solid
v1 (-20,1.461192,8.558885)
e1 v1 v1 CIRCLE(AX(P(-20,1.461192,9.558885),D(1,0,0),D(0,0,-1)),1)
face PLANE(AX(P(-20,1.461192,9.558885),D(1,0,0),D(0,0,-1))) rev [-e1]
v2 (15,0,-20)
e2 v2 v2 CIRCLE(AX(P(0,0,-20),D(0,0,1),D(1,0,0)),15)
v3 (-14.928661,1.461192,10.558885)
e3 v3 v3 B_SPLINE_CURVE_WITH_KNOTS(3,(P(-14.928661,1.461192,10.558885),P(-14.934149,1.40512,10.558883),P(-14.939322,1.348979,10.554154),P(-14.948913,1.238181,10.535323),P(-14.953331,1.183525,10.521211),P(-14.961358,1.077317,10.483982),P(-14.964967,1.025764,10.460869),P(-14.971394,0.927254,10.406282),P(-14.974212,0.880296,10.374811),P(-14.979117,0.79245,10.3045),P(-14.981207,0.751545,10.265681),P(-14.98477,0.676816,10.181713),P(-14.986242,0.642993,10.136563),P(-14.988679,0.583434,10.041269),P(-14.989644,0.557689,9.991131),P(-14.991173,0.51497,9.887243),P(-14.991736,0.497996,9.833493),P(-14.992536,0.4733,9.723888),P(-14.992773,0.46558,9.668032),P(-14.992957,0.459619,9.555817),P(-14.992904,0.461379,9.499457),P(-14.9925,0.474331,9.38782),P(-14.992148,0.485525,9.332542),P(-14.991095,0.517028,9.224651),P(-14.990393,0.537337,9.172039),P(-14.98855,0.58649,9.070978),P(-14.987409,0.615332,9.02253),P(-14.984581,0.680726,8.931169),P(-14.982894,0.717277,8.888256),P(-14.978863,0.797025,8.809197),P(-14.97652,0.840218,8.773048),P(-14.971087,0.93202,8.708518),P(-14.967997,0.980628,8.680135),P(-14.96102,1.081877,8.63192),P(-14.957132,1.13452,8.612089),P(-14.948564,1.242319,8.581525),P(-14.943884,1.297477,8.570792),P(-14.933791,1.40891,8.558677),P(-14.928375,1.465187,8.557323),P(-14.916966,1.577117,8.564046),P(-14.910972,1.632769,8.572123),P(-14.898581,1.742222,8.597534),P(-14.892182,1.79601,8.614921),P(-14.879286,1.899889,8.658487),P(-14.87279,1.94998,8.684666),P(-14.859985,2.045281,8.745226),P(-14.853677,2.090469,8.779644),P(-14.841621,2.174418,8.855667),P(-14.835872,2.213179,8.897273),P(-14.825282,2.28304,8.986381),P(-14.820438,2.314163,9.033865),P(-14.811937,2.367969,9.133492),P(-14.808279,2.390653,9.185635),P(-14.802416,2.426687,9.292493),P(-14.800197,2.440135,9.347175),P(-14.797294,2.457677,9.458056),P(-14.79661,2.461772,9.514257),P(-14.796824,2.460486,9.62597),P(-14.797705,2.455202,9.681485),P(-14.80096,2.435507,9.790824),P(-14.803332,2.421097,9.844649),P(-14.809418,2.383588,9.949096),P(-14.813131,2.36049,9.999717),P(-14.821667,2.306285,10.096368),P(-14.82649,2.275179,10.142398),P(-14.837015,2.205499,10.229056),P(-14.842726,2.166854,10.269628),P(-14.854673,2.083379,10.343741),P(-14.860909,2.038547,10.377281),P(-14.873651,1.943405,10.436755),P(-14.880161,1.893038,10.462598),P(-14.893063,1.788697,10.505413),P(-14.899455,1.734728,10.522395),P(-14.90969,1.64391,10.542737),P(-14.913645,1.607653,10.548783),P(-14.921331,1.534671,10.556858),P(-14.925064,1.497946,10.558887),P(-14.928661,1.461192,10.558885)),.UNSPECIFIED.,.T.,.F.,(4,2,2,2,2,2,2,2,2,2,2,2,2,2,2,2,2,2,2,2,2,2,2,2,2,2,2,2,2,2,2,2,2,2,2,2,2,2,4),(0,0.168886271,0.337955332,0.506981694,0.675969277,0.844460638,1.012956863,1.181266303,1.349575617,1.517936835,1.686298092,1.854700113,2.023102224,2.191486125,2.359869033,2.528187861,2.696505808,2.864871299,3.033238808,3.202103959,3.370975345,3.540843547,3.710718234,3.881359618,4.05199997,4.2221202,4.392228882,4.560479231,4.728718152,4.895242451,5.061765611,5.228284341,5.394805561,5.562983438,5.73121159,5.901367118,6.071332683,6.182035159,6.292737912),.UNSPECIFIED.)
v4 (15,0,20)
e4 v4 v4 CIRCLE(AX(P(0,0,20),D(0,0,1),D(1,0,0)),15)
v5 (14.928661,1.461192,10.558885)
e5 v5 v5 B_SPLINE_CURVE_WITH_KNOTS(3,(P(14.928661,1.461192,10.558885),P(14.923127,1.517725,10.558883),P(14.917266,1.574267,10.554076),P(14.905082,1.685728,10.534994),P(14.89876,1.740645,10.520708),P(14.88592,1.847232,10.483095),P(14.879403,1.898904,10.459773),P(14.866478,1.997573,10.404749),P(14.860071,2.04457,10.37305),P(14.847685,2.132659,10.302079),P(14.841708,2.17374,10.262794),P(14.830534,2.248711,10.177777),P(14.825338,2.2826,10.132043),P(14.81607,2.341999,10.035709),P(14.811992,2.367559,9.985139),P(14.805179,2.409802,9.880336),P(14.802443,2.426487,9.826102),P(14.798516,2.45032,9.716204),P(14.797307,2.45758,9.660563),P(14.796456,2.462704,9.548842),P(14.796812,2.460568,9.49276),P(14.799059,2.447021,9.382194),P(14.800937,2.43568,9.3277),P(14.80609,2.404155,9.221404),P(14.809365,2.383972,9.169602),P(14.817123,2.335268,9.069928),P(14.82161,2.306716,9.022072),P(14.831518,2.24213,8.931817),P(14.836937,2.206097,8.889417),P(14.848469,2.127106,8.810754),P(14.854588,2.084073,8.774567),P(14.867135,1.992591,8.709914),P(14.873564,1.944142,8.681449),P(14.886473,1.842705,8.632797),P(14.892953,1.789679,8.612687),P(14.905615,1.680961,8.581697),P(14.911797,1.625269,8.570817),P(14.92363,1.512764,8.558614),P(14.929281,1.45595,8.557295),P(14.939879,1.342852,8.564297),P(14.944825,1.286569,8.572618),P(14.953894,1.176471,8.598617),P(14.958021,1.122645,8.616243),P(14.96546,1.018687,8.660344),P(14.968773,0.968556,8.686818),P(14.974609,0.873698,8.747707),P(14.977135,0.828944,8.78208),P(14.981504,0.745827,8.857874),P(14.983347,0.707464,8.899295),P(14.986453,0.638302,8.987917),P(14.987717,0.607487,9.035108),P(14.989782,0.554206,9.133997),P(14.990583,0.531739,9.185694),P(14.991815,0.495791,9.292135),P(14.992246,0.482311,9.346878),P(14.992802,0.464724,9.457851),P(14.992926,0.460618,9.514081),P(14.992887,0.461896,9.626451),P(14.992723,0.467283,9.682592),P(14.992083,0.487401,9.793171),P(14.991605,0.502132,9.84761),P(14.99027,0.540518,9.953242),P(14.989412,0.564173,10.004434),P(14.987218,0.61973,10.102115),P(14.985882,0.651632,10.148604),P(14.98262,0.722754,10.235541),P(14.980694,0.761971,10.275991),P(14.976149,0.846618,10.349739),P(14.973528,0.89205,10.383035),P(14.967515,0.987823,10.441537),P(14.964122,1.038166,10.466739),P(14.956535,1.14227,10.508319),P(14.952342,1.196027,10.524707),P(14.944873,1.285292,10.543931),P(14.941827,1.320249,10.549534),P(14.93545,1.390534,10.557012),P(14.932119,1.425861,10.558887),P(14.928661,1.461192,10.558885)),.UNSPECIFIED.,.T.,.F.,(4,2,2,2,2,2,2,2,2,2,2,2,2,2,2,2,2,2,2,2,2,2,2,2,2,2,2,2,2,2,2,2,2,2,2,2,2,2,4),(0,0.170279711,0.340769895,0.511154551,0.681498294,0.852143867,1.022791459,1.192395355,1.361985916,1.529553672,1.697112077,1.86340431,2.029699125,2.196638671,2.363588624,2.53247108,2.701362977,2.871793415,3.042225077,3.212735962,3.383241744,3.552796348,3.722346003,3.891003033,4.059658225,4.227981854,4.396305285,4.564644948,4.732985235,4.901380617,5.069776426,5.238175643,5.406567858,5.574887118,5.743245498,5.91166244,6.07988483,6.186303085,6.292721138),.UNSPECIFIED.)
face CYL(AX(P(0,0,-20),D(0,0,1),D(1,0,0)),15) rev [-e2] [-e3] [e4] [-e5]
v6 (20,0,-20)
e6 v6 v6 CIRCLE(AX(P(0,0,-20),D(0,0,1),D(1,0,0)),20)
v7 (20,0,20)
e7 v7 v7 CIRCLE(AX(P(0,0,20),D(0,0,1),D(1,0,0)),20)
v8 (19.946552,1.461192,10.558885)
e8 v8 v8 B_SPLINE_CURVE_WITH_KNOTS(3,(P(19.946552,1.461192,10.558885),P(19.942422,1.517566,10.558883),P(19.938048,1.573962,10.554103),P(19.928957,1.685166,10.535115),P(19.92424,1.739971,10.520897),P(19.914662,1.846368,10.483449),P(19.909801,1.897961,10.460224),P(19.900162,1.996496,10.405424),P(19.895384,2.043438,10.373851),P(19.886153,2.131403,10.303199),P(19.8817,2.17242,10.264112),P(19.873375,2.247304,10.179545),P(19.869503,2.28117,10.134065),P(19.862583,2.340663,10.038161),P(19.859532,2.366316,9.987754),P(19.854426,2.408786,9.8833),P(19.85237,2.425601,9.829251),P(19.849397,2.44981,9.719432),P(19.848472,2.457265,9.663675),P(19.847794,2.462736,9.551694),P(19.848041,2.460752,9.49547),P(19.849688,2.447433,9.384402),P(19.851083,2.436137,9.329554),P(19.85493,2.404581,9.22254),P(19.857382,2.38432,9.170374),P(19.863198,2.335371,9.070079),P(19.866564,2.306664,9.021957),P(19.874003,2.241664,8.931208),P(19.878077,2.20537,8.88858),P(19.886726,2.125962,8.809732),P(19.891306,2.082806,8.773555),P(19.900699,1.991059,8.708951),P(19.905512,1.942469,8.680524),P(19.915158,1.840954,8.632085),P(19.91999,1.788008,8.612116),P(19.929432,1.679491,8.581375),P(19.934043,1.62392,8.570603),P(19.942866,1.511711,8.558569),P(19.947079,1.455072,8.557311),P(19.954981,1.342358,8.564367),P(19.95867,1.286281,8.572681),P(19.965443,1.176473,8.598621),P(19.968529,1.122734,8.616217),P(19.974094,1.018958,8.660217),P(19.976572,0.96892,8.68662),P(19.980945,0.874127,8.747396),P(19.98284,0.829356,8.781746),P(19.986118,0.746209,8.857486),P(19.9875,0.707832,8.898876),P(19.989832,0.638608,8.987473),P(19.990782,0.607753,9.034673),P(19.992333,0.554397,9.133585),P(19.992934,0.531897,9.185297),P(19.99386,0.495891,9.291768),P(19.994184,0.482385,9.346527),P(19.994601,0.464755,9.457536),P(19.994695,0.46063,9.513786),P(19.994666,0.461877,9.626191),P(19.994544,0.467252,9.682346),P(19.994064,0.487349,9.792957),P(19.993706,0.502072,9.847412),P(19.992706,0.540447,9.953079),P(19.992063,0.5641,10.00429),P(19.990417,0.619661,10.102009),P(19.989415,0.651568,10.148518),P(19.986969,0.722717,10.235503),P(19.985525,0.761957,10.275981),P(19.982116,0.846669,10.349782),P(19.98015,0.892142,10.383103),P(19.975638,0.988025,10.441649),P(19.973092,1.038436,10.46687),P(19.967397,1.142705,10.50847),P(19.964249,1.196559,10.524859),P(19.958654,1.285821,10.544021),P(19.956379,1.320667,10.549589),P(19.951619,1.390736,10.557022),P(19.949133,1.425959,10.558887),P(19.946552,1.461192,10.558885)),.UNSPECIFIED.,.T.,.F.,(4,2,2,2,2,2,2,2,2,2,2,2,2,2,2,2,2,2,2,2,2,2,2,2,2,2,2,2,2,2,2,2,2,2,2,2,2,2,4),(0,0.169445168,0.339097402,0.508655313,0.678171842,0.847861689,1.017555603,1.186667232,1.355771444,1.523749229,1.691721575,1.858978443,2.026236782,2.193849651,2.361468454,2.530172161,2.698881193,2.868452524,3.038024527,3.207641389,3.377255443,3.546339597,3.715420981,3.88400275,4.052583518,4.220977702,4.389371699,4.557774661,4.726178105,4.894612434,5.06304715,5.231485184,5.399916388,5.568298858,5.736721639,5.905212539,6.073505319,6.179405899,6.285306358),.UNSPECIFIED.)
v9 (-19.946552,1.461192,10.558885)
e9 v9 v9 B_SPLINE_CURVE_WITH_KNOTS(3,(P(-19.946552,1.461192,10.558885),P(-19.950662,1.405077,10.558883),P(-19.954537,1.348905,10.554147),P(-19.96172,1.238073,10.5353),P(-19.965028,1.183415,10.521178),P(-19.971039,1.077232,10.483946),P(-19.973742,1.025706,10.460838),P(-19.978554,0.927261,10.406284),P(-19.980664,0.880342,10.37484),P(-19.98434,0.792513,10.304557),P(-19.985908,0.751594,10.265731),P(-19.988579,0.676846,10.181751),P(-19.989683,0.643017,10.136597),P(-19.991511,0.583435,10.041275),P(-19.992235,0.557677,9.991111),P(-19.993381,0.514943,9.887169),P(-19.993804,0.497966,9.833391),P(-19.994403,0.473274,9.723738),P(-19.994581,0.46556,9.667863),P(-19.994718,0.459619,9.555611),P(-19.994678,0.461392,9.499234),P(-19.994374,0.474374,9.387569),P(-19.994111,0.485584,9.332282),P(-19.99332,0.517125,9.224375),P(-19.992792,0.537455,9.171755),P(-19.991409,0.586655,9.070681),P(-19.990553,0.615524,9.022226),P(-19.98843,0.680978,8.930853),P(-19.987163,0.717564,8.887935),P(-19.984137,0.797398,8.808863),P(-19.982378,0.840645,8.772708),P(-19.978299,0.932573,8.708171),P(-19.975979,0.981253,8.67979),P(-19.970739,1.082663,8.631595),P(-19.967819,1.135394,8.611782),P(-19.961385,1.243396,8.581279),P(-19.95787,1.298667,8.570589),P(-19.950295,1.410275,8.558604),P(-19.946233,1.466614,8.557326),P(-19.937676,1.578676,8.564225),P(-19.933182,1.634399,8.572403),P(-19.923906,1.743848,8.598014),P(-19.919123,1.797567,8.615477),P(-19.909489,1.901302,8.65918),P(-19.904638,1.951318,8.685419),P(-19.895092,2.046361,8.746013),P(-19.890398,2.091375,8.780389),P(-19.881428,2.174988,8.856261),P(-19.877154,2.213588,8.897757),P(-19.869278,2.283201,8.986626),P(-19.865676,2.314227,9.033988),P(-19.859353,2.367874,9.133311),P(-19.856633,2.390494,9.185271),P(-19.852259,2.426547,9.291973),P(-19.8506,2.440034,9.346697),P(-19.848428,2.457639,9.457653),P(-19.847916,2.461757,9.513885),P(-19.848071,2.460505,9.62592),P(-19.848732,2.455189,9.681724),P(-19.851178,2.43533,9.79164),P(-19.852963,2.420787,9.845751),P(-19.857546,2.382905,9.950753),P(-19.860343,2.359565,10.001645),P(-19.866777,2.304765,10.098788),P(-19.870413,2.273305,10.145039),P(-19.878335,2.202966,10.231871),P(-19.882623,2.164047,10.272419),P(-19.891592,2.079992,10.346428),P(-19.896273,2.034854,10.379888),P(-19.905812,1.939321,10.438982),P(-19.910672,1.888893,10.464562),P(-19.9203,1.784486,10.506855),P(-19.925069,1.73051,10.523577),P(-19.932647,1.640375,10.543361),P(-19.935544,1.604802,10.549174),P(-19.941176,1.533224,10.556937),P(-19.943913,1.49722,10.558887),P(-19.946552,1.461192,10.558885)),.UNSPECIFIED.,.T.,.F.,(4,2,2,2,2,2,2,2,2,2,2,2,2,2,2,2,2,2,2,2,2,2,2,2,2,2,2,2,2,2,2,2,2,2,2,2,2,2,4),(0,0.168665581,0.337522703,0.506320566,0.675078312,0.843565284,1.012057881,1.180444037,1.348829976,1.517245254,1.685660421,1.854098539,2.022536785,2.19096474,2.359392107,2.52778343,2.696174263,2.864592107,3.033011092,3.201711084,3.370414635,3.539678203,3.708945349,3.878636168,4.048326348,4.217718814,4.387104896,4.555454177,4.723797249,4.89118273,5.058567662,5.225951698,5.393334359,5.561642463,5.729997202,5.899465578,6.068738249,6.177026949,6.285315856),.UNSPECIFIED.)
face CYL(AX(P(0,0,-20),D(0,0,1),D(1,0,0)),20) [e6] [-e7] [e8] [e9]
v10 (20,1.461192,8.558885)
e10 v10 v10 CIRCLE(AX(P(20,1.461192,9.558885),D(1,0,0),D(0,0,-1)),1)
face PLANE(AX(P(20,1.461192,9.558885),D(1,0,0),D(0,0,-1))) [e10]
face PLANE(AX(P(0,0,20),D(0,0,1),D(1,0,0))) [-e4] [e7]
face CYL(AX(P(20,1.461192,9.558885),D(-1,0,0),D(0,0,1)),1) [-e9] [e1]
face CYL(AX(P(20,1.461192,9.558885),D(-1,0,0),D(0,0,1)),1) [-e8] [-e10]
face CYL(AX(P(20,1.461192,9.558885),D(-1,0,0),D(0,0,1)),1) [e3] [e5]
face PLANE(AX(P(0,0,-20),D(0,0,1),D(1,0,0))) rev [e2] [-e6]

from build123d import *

# Parameters (mm, degrees)
BOSS_EXTRUDE1_DEPTH      = 20
BOSS_EXTRUDE1_DEPTH_BACK = 20
SKETCH1_R                = 20
SKETCH1_R_2              = 15
BOSS_EXTRUDE2_START      = -20
SKETCH2_R                = 1
BOSS_EXTRUDE2_DEPTH      = 40


with BuildPart() as part:
    # Sketch1 → Boss-Extrude1 (new, two sides: drawn at the far end of the back side and taken through both)
    with BuildSketch(Plane.XY.offset(-BOSS_EXTRUDE1_DEPTH_BACK)):
        Circle(SKETCH1_R)
        Circle(SKETCH1_R_2, mode=Mode.SUBTRACT)
    extrude(amount=BOSS_EXTRUDE1_DEPTH + BOSS_EXTRUDE1_DEPTH_BACK)

    # Sketch2 → Boss-Extrude2 (add)
    with BuildSketch(Plane(origin=(0, 0, 0), x_dir=(0, 0, -1), z_dir=(1, 0, 0)).offset(BOSS_EXTRUDE2_START)):
        with Locations(Location((-9.558885453, 1.461191935, 0), (0, 0, 180))):
            Circle(SKETCH2_R)
    extrude(amount=BOSS_EXTRUDE2_DEPTH)


solid = part.part
